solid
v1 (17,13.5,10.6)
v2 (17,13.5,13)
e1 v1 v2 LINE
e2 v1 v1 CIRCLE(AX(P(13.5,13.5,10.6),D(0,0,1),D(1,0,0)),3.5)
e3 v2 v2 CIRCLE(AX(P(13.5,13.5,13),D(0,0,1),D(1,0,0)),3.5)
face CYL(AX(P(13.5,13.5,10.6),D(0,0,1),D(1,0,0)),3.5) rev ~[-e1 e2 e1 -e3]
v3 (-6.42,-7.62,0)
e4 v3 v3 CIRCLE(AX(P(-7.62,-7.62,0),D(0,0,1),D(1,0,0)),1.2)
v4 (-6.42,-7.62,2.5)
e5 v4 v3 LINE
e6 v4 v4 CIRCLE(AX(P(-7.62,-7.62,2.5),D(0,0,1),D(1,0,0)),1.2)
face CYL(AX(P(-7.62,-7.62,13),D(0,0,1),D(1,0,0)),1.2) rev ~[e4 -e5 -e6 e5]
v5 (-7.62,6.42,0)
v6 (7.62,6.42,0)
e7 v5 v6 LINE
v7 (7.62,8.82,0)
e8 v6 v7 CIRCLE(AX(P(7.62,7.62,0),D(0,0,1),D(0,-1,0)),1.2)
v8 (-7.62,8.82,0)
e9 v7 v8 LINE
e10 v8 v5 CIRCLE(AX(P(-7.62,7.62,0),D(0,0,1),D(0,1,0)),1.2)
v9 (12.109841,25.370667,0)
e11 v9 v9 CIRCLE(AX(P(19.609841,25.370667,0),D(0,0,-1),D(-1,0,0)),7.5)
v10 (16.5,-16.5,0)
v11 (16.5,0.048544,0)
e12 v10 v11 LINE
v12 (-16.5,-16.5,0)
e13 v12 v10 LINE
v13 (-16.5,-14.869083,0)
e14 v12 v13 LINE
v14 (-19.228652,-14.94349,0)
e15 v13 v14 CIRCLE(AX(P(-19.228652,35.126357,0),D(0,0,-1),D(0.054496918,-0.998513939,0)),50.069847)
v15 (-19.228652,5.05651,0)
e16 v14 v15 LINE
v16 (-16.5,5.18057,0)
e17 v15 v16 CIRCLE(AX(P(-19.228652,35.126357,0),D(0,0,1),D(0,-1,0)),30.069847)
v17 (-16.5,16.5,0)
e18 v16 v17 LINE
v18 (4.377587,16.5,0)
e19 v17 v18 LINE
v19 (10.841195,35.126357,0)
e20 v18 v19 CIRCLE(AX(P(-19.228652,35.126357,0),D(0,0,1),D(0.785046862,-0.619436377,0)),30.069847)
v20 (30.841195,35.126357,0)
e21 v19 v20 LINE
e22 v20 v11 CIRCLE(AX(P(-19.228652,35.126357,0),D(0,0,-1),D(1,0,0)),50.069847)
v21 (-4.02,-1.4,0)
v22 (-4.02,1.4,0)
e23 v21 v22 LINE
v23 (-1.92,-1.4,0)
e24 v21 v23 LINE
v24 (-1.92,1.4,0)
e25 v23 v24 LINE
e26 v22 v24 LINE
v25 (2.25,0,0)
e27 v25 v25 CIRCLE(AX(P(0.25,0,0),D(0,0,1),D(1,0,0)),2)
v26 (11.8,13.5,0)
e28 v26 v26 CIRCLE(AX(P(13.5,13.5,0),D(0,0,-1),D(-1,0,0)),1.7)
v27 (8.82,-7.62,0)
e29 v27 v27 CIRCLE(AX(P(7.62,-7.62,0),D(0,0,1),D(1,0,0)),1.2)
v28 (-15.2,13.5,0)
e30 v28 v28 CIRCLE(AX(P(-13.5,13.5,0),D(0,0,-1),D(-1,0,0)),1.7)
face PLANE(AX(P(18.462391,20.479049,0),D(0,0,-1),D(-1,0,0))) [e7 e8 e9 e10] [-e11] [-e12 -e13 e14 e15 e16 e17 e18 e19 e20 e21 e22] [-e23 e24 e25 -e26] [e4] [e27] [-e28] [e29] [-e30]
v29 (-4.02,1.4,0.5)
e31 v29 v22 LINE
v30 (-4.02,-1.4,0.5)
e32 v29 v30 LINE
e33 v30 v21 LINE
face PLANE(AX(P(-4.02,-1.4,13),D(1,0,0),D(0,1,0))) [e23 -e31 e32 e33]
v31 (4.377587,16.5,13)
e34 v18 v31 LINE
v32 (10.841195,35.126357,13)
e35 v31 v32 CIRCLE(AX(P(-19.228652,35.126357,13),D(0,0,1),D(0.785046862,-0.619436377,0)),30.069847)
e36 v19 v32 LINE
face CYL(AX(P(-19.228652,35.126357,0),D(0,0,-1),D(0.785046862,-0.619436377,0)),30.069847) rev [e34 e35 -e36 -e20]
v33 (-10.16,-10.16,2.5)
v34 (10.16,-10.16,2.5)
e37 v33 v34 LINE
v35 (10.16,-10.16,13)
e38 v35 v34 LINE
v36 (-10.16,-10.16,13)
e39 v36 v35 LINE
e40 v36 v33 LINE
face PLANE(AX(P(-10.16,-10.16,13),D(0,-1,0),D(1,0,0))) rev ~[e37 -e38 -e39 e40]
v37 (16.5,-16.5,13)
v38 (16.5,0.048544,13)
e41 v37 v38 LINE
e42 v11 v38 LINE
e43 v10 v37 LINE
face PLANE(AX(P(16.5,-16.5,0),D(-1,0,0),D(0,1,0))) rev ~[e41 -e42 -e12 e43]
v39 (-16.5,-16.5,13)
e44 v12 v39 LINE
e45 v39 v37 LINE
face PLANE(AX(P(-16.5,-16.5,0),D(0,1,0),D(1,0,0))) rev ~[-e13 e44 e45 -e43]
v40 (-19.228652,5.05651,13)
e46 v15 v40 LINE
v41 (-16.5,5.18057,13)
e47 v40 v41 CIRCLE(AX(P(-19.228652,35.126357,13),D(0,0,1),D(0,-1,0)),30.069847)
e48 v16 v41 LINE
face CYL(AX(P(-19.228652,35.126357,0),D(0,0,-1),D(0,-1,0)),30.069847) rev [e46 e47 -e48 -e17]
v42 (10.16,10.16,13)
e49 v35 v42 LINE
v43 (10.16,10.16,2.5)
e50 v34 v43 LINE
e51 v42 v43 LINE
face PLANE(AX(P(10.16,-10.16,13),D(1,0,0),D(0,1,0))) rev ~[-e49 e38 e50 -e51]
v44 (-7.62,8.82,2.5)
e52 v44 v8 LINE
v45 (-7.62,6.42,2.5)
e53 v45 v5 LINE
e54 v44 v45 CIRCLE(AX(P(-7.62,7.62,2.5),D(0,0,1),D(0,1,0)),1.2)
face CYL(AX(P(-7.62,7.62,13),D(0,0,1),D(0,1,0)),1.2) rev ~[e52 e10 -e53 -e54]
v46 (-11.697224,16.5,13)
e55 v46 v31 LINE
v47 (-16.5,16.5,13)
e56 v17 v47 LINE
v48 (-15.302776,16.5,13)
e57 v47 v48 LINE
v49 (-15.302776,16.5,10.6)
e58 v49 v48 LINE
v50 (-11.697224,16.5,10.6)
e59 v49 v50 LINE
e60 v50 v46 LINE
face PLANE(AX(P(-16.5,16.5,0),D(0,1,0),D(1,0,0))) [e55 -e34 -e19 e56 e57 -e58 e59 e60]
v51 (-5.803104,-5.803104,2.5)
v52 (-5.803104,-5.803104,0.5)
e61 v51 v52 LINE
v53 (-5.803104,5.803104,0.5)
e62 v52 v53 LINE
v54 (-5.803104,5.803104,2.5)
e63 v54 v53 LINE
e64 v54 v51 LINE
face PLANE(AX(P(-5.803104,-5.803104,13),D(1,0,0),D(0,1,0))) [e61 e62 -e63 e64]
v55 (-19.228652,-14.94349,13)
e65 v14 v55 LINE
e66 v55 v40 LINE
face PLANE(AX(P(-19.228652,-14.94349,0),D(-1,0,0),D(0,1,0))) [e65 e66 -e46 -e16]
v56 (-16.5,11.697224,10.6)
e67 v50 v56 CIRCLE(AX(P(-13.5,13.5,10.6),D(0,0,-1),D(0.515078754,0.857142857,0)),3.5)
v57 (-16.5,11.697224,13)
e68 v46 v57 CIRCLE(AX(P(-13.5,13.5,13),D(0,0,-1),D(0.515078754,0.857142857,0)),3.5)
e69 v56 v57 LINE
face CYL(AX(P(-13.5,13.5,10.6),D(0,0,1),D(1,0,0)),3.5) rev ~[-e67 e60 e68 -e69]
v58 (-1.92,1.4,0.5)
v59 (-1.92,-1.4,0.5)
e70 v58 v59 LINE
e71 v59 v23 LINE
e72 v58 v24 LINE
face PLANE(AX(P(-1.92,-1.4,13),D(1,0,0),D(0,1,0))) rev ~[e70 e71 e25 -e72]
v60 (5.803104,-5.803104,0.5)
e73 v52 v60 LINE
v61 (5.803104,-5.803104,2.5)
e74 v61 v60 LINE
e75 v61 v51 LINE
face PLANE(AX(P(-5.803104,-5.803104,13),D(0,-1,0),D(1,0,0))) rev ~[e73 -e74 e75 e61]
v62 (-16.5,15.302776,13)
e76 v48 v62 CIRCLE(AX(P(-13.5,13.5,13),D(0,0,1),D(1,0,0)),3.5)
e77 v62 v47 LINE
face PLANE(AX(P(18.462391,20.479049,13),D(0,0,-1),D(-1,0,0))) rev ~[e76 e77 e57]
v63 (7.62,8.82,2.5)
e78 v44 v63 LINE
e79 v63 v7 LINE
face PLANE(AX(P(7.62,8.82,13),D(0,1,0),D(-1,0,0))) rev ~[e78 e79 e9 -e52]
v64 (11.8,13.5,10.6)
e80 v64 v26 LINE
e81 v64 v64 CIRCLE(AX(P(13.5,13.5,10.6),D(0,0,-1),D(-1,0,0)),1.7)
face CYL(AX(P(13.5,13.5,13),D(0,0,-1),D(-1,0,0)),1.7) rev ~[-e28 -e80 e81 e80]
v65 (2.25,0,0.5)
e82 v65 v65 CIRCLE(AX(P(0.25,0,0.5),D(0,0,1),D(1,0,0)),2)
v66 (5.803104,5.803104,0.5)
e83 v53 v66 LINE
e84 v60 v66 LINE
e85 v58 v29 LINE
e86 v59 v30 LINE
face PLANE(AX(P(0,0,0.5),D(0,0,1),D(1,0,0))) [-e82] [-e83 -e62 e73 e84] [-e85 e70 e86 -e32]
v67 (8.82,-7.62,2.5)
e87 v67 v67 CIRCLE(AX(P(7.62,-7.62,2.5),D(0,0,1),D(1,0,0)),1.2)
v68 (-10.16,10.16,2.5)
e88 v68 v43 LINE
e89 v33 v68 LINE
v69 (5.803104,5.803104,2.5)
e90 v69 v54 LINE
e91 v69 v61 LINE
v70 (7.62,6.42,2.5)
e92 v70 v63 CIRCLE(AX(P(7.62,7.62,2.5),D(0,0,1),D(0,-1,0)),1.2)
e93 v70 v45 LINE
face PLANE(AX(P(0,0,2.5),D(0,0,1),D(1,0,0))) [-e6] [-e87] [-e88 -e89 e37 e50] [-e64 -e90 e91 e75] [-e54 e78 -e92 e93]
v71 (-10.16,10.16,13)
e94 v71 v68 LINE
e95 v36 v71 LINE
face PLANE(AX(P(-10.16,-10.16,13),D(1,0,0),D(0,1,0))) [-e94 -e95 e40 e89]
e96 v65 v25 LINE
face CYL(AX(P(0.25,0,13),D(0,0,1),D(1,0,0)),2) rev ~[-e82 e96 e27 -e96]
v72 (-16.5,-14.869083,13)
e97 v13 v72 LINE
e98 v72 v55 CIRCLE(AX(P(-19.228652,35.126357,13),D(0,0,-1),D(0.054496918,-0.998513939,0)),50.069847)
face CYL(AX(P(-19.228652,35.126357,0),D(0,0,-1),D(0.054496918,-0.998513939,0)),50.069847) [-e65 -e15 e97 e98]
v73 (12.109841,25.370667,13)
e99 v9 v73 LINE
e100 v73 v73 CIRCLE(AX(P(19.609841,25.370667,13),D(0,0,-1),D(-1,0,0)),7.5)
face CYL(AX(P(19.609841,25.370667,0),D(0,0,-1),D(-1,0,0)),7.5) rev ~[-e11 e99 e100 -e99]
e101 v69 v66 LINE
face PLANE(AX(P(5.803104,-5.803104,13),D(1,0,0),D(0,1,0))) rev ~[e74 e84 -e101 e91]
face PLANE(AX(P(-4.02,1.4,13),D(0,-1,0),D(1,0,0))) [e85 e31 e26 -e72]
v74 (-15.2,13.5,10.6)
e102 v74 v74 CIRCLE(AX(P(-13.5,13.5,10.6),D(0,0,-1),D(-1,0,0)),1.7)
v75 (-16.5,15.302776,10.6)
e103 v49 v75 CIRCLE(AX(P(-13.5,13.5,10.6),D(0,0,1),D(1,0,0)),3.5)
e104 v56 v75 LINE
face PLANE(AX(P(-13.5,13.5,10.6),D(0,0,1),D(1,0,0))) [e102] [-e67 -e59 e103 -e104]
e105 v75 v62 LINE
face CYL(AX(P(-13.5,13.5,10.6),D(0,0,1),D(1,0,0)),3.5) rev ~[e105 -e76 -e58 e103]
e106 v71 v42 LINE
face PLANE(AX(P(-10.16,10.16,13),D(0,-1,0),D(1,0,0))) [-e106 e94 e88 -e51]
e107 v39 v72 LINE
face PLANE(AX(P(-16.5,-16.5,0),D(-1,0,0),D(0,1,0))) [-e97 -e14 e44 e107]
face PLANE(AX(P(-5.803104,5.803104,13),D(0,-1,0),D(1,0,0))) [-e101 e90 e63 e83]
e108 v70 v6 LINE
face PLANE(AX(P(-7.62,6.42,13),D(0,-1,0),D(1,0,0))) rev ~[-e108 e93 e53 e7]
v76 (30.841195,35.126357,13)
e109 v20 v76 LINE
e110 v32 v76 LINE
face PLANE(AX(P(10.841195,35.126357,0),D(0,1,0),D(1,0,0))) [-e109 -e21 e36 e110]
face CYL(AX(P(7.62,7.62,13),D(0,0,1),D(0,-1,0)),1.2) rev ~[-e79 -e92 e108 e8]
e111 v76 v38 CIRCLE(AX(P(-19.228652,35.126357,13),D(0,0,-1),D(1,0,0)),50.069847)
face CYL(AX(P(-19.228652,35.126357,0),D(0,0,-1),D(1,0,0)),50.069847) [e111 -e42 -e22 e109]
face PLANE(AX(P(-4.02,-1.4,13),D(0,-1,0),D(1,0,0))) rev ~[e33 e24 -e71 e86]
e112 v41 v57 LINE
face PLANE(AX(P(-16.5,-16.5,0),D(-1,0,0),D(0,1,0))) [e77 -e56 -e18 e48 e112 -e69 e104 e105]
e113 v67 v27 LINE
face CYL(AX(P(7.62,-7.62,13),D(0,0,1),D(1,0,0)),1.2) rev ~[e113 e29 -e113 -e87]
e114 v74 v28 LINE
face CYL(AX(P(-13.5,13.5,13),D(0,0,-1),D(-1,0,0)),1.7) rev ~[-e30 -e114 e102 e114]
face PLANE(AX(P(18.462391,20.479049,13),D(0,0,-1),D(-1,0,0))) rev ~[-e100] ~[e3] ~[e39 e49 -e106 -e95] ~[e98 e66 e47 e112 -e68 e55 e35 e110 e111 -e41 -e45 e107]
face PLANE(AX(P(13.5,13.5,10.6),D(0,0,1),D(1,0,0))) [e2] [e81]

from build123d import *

# Parameters (mm, degrees)
ESQUISSE1_W                                        = 33
ESQUISSE1_H                                        = 33
BOSS_EXTRU_1_DEPTH                                 = 13
ESQUISSE3_R                                        = 2
ESQUISSE3_W                                        = 2.1
ESQUISSE3_H                                        = 2.8
ENL_V_MAT_EXTRU_1_DEPTH                            = 14
ESQUISSE4_W                                        = 11.606208868
ESQUISSE4_H                                        = 11.606208868
ESQUISSE4_R                                        = 2
ENL_V_MAT_EXTRU_2_DEPTH                            = 12.5
ESQUISSE2_R                                        = 1.2
ENL_V_MAT_EXTRU_3_DEPTH                            = 14
ESQUISSE5_W                                        = 20.32
ESQUISSE5_H                                        = 20.32
ENL_V_MAT_EXTRU_5_DEPTH                            = 10.5
ESQUISSE8_R                                        = 7.5
BOSS_EXTRU_4_DEPTH                                 = 13
CHAMBRAGE_POUR_VIS_T_TE_RONDE_BOMB_E_M_D           = 3.4
CHAMBRAGE_POUR_VIS_T_TE_RONDE_BOMB_E_M_CBORE_D     = 7
CHAMBRAGE_POUR_VIS_T_TE_RONDE_BOMB_E_M_CBORE_DEPTH = 2.4


with BuildPart() as part:
    # Esquisse1 → Boss.-Extru.1 (new body)
    with BuildSketch(Plane.XY):
        Rectangle(ESQUISSE1_W, ESQUISSE1_H)
    extrude(amount=BOSS_EXTRU_1_DEPTH)

    # Esquisse3 → Enlèv. mat.-Extru.1 (cut, through all)
    with BuildSketch(Plane.XY.offset(13)):
        with Locations((0.25, 0)):
            Circle(ESQUISSE3_R)
        with Locations((-2.97, 0)):
            Rectangle(ESQUISSE3_W, ESQUISSE3_H)
    extrude(amount=-ENL_V_MAT_EXTRU_1_DEPTH, mode=Mode.SUBTRACT)

    # Esquisse4 → Enlèv. mat.-Extru.2 (cut)
    with BuildSketch(Plane.XY.offset(13)):
        Rectangle(ESQUISSE4_W, ESQUISSE4_H)
        with Locations((0.25, 0)):
            Circle(ESQUISSE4_R, mode=Mode.SUBTRACT)
    extrude(amount=-ENL_V_MAT_EXTRU_2_DEPTH, mode=Mode.SUBTRACT)

    # Esquisse2 → Enlèv. mat.-Extru.3 (cut, through all)
    with BuildSketch(Plane.XY.offset(13)):
        with BuildLine():
            Line((7.62, 8.82), (-7.62, 8.82))
            ThreePointArc((-7.62, 8.82), (-8.82, 7.62), (-7.62, 6.42))
            Line((-7.62, 6.42), (7.62, 6.42))
            ThreePointArc((7.62, 6.42), (8.82, 7.62), (7.62, 8.82))
        make_face()
        with Locations((7.62, -7.62)):
            Circle(ESQUISSE2_R)
        with Locations((-7.62, -7.62)):
            Circle(ESQUISSE2_R)
    extrude(amount=-ENL_V_MAT_EXTRU_3_DEPTH, mode=Mode.SUBTRACT)

    # Esquisse5 → Enlèv. mat.-Extru.5 (cut)
    with BuildSketch(Plane.XY.offset(13)):
        Rectangle(ESQUISSE5_W, ESQUISSE5_H)
    extrude(amount=-ENL_V_MAT_EXTRU_5_DEPTH, mode=Mode.SUBTRACT)

    # Esquisse8 → Boss.-Extru.4 (add)
    with BuildSketch(Plane(origin=(0, 0, 0), x_dir=(-1, 0, 0), z_dir=(0, 0, -1))):
        with BuildLine():
            Line((19.228652316, -14.943489853), (19.228652316, 5.056510147))
            ThreePointArc((19.228652316, 5.056510147), (17.862916767, 5.087541175), (16.5, 5.180570213))
            Line((16.5, 5.180570213), (16.5, -14.869082996))
            ThreePointArc((16.5, -14.869082996), (17.863819007, -14.924884682), (19.228652316, -14.943489853))
        make_face()
        with BuildLine():
            ThreePointArc((-4.37758657, 16.5), (-9.179371873, 25.268372883), (-10.841194523, 35.126356986))
            Line((-10.841194523, 35.126356986), (-30.841194523, 35.126356986))
            ThreePointArc((-30.841194523, 35.126356986), (-27.117424712, 16.178251365), (-16.5, 0.048543968))
            Line((-16.5, 0.048543968), (-16.5, 16.5))
            Line((-16.5, 16.5), (-4.37758657, 16.5))
        make_face()
        with Locations((-19.609840661, 25.370666938)):
            Circle(ESQUISSE8_R, mode=Mode.SUBTRACT)
    extrude(amount=-BOSS_EXTRU_4_DEPTH)

    # Chambrage pour vis à tête ronde bombée M31 (through all)
    with Locations(Plane(origin=(-13.5, 13.5, 13), x_dir=(1, 0, 0), z_dir=(0, 0, 1))):
        with Locations((0, 0), (27, 0)):
            CounterBoreHole(CHAMBRAGE_POUR_VIS_T_TE_RONDE_BOMB_E_M_D / 2, CHAMBRAGE_POUR_VIS_T_TE_RONDE_BOMB_E_M_CBORE_D / 2, CHAMBRAGE_POUR_VIS_T_TE_RONDE_BOMB_E_M_CBORE_DEPTH)


solid = part.part
